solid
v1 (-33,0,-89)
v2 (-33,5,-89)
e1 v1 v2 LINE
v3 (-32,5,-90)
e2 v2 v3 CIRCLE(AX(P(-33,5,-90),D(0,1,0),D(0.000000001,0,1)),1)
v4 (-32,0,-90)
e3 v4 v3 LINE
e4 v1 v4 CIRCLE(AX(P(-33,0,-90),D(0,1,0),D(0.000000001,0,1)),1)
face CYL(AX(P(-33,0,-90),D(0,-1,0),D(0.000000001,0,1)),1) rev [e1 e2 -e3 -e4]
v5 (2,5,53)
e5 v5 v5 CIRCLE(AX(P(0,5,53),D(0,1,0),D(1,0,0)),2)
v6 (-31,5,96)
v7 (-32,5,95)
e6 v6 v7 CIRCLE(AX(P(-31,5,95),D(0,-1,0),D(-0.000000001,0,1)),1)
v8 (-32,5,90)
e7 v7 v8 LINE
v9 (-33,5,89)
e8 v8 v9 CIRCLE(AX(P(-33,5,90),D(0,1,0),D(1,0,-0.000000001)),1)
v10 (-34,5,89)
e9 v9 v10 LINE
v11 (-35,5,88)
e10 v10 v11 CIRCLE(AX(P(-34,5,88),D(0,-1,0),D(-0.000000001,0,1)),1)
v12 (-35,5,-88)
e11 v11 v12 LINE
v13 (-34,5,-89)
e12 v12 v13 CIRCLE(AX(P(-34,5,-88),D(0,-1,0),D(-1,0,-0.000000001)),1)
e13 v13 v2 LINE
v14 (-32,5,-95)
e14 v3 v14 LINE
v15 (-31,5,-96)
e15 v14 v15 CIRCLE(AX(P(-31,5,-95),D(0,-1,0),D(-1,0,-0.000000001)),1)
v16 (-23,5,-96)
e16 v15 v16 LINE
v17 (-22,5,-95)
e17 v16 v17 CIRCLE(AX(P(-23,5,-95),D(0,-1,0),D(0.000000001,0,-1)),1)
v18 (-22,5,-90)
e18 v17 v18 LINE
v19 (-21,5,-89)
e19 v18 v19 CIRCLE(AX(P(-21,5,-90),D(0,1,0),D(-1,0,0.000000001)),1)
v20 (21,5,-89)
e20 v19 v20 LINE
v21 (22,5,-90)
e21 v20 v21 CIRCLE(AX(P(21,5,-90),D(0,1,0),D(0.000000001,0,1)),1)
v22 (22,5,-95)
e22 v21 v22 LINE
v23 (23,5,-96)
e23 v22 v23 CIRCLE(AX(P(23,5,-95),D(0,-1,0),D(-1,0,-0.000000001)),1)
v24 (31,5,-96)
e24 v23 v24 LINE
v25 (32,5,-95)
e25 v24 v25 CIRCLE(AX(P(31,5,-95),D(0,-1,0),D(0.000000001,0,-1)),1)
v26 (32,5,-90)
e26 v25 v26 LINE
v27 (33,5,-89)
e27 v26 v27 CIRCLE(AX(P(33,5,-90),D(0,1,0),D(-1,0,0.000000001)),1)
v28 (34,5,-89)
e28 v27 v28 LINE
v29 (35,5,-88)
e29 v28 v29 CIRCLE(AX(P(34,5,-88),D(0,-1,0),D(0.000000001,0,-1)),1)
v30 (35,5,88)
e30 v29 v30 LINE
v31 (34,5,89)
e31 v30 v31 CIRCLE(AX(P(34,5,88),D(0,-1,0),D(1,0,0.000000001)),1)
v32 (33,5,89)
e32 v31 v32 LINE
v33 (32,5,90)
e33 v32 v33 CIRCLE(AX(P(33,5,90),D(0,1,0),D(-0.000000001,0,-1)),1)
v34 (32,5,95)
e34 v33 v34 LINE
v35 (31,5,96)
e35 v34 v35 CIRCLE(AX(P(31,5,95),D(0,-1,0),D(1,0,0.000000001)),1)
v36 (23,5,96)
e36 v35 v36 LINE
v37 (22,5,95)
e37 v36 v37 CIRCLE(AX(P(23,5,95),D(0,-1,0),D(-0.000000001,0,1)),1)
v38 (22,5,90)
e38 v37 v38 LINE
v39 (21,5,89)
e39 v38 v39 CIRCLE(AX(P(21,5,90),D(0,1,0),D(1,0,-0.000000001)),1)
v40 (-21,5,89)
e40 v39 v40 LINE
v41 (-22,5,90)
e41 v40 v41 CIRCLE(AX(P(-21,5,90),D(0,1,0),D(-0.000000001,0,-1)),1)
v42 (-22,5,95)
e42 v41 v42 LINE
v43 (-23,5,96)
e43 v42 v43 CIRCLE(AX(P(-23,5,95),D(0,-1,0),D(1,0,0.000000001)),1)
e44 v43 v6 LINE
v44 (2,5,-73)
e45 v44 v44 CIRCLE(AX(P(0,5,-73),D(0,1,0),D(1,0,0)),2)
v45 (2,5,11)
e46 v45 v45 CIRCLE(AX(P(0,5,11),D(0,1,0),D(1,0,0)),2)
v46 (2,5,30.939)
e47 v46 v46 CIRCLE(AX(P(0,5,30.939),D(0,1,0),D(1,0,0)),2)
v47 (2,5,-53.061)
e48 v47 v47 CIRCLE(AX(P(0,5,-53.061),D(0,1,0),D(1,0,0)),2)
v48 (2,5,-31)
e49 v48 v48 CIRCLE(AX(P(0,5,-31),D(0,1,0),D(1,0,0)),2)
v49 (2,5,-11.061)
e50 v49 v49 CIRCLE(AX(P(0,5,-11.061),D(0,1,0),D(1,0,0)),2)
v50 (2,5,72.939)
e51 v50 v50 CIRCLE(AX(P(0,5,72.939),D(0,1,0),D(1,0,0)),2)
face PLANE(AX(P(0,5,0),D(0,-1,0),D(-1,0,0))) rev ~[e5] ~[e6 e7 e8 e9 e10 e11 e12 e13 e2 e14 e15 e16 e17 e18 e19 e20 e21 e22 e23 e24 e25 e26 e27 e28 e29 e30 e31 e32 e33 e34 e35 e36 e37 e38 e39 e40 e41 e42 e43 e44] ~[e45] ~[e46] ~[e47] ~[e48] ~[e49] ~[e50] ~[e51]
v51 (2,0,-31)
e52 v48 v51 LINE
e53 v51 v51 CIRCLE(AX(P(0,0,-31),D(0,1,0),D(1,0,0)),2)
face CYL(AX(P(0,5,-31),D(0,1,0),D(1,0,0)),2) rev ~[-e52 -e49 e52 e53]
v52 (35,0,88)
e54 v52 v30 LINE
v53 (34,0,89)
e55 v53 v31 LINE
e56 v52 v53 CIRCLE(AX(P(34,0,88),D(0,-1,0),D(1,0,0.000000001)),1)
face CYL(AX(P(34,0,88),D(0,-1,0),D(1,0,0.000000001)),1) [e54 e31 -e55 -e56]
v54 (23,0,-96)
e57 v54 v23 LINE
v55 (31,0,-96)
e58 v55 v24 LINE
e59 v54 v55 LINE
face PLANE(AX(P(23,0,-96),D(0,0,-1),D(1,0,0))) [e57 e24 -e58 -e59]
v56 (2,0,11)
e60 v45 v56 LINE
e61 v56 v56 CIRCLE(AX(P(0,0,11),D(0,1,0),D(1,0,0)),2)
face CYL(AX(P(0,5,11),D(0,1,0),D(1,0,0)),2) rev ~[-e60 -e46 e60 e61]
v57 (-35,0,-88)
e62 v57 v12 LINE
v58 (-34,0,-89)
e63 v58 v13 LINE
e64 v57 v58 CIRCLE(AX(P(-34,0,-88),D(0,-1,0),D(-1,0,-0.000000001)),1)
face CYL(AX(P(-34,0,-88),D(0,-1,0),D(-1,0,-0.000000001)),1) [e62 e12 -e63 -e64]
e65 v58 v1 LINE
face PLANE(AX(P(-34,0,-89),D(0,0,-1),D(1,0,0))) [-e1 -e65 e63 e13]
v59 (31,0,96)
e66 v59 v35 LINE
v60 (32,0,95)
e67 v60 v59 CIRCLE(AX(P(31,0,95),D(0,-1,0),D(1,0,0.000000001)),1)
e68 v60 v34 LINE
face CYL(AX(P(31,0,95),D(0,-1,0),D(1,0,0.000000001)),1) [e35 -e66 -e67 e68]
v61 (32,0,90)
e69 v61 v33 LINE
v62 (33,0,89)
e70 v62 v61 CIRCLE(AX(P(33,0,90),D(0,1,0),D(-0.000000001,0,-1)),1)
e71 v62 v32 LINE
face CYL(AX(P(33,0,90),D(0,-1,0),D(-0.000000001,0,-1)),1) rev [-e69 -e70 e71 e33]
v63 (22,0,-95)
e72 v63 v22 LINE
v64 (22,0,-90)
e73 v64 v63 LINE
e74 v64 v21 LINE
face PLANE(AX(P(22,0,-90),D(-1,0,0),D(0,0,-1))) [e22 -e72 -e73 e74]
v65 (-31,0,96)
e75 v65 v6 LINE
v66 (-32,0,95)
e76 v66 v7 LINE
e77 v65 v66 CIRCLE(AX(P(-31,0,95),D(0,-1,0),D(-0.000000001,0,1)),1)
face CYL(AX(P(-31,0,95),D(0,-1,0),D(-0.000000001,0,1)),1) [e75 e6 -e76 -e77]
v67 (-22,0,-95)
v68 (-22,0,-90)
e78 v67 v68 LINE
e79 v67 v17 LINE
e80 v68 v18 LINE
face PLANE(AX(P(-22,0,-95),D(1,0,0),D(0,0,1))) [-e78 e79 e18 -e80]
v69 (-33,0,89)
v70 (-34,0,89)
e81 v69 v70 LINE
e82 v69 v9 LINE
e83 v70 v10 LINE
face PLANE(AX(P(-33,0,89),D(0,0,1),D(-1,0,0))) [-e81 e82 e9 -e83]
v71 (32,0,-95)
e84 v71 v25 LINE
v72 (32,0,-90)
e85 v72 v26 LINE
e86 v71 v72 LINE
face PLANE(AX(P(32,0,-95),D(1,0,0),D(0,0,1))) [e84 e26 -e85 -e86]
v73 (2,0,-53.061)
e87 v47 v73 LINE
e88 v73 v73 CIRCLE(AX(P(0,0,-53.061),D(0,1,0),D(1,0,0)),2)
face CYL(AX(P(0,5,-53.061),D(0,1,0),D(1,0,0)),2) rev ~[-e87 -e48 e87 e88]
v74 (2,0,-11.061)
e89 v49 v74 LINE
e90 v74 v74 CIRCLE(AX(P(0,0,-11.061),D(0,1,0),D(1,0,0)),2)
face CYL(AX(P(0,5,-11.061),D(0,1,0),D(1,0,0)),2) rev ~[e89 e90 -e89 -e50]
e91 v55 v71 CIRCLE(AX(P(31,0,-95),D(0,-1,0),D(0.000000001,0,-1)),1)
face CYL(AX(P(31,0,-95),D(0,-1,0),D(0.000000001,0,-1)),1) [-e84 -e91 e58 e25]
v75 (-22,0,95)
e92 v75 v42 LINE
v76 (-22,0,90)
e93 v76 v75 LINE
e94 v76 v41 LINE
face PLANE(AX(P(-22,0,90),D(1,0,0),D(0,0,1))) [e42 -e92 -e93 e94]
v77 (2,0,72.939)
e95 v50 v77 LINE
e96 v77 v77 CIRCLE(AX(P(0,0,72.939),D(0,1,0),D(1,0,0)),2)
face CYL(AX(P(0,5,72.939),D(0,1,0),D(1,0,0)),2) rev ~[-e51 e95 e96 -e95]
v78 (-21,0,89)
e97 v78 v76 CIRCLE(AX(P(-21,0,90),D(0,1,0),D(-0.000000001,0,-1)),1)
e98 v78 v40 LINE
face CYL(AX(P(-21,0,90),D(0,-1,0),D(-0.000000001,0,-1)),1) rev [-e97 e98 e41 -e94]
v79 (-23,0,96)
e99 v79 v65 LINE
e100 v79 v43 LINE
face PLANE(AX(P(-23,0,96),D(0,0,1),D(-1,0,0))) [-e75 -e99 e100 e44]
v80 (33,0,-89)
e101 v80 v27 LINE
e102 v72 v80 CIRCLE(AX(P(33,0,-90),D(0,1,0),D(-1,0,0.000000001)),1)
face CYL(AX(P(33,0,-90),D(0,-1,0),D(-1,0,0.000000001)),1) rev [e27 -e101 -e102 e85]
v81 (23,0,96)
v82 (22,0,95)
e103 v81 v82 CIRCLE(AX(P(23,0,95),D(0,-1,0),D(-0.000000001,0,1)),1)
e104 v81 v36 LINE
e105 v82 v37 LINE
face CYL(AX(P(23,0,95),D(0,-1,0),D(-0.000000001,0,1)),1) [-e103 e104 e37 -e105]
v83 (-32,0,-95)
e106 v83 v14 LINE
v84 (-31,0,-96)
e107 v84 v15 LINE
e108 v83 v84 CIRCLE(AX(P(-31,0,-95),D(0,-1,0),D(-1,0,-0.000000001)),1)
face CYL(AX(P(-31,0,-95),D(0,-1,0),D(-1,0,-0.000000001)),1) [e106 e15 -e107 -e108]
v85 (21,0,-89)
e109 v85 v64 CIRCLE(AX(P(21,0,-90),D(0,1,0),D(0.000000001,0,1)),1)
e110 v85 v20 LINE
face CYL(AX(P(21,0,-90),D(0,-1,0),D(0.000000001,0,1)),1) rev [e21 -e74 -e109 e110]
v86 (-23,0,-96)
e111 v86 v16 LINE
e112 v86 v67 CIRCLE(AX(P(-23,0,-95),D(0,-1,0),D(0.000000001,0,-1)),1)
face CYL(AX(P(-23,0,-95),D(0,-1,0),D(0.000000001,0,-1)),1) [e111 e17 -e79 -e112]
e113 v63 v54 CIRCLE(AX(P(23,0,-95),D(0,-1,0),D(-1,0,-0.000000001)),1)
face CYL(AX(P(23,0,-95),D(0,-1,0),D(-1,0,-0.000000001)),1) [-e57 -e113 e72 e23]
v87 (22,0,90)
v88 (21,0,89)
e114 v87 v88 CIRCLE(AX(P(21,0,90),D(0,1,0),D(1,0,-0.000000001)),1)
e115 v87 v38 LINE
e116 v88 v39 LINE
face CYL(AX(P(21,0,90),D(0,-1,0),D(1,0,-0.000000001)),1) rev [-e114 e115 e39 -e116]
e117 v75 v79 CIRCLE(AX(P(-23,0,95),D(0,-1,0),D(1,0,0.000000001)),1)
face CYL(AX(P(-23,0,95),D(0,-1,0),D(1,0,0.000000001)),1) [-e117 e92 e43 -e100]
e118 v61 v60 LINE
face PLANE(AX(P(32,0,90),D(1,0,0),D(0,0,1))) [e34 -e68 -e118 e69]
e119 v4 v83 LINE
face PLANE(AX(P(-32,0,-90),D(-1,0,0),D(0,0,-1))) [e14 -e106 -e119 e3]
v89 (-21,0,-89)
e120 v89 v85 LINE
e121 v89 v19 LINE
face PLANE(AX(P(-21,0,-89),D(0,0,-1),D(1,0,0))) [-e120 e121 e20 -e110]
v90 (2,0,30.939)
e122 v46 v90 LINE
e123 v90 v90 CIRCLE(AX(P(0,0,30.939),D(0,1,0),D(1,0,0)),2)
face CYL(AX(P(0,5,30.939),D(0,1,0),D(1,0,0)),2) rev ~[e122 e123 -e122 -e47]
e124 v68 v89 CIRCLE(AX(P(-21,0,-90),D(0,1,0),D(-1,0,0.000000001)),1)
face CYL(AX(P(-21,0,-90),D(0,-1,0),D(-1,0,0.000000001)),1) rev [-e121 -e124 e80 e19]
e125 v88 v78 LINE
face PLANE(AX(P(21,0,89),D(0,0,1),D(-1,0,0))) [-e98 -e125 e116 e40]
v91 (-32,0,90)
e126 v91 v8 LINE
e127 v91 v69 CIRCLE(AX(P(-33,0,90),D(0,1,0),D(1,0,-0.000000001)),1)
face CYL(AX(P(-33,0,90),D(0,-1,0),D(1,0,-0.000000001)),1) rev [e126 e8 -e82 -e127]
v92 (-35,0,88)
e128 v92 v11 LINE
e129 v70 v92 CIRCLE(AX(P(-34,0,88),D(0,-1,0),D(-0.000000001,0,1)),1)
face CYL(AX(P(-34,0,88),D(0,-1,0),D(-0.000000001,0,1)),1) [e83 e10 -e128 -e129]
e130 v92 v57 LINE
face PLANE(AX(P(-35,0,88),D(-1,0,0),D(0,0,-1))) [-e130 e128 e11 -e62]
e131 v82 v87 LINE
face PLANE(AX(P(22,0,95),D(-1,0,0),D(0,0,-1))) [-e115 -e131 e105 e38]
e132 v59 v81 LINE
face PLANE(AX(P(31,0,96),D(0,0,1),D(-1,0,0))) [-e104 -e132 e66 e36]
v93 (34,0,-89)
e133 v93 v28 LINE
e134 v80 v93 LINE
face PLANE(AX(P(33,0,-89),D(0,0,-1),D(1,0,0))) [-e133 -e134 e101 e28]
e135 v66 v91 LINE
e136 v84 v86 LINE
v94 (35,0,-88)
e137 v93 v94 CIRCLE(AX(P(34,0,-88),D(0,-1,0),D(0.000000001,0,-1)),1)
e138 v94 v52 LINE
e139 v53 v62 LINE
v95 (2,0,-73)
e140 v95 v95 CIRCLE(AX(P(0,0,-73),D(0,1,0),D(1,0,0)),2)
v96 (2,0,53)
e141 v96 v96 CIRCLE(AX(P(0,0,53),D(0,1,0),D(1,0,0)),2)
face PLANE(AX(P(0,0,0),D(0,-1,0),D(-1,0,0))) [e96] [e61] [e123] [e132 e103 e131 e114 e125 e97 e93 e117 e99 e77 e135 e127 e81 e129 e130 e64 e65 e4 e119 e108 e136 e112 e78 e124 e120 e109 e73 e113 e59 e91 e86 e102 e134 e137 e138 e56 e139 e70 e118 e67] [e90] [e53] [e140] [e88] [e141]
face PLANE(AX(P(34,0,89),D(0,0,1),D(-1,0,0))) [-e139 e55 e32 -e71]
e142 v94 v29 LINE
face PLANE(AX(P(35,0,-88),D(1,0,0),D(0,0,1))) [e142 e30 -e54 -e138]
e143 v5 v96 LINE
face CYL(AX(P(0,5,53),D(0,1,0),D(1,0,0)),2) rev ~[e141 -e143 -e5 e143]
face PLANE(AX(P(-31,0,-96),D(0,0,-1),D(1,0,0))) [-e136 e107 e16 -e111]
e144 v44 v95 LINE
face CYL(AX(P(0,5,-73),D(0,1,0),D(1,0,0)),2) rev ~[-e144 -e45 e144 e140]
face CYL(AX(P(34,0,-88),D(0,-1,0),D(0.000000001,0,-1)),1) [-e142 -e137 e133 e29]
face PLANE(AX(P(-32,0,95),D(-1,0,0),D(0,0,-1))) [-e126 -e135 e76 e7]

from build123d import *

# Parameters (mm, degrees)
BOSS_EXTRUDE1_DEPTH = 5
SKETCH2_R           = 2
CUT_EXTRUDE1_DEPTH  = 10


with BuildPart() as part:
    # Sketch1 → Boss-Extrude1 (new body)
    with BuildSketch(Plane(origin=(0, 0, 0), x_dir=(1, 0, 0), z_dir=(0, 1, 0))):
        with BuildLine():
            Line((34, -89), (33, -89))
            ThreePointArc((33, -89), (32.292893219, -89.292893219), (32, -90))
            Line((32, -90), (32, -95))
            ThreePointArc((32, -95), (31.707106781, -95.707106781), (31, -96))
            Line((31, -96), (23, -96))
            ThreePointArc((23, -96), (22.292893219, -95.707106781), (22, -95))
            Line((22, -95), (22, -90))
            ThreePointArc((22, -90), (21.707106781, -89.292893219), (21, -89))
            Line((21, -89), (-21, -89))
            ThreePointArc((-21, -89), (-21.707106781, -89.292893219), (-22, -90))
            Line((-22, -90), (-22, -95))
            ThreePointArc((-22, -95), (-22.292893219, -95.707106781), (-23, -96))
            Line((-23, -96), (-31, -96))
            ThreePointArc((-31, -96), (-31.707106781, -95.707106781), (-32, -95))
            Line((-32, -95), (-32, -90))
            ThreePointArc((-32, -90), (-32.292893219, -89.292893219), (-33, -89))
            Line((-33, -89), (-34, -89))
            ThreePointArc((-34, -89), (-34.707106781, -88.707106781), (-35, -88))
            Line((-35, -88), (-35, 88))
            ThreePointArc((-35, 88), (-34.707106781, 88.707106781), (-34, 89))
            Line((-34, 89), (-33, 89))
            ThreePointArc((-33, 89), (-32.292893219, 89.292893219), (-32, 90))
            Line((-32, 90), (-32, 95))
            ThreePointArc((-32, 95), (-31.707106781, 95.707106781), (-31, 96))
            Line((-31, 96), (-23, 96))
            ThreePointArc((-23, 96), (-22.292893219, 95.707106781), (-22, 95))
            Line((-22, 95), (-22, 90))
            ThreePointArc((-22, 90), (-21.707106781, 89.292893219), (-21, 89))
            Line((-21, 89), (21, 89))
            ThreePointArc((21, 89), (21.707106781, 89.292893219), (22, 90))
            Line((22, 90), (22, 95))
            ThreePointArc((22, 95), (22.292893219, 95.707106781), (23, 96))
            Line((23, 96), (31, 96))
            ThreePointArc((31, 96), (31.707106781, 95.707106781), (32, 95))
            Line((32, 95), (32, 90))
            ThreePointArc((32, 90), (32.292893219, 89.292893219), (33, 89))
            Line((33, 89), (34, 89))
            ThreePointArc((34, 89), (34.707106781, 88.707106781), (35, 88))
            Line((35, 88), (35, -88))
            ThreePointArc((35, -88), (34.707106781, -88.707106781), (34, -89))
        make_face()
    extrude(amount=BOSS_EXTRUDE1_DEPTH)

    # Sketch2 → Cut-Extrude1 (cut)
    with BuildSketch(Plane(origin=(0, 5, 0), x_dir=(1, 0, 0), z_dir=(0, 1, 0))):
        with Locations((0, 73)):
            Circle(SKETCH2_R)
        with Locations((0, 53.061)):
            Circle(SKETCH2_R)
        with Locations((0, 11.061)):
            Circle(SKETCH2_R)
        with Locations((0, 31)):
            Circle(SKETCH2_R)
        with Locations((0, -30.939)):
            Circle(SKETCH2_R)
        with Locations((0, -11)):
            Circle(SKETCH2_R)
        with Locations((0, -72.939)):
            Circle(SKETCH2_R)
        with Locations((0, -53)):
            Circle(SKETCH2_R)
    extrude(amount=-CUT_EXTRUDE1_DEPTH, mode=Mode.SUBTRACT)


solid = part.part
